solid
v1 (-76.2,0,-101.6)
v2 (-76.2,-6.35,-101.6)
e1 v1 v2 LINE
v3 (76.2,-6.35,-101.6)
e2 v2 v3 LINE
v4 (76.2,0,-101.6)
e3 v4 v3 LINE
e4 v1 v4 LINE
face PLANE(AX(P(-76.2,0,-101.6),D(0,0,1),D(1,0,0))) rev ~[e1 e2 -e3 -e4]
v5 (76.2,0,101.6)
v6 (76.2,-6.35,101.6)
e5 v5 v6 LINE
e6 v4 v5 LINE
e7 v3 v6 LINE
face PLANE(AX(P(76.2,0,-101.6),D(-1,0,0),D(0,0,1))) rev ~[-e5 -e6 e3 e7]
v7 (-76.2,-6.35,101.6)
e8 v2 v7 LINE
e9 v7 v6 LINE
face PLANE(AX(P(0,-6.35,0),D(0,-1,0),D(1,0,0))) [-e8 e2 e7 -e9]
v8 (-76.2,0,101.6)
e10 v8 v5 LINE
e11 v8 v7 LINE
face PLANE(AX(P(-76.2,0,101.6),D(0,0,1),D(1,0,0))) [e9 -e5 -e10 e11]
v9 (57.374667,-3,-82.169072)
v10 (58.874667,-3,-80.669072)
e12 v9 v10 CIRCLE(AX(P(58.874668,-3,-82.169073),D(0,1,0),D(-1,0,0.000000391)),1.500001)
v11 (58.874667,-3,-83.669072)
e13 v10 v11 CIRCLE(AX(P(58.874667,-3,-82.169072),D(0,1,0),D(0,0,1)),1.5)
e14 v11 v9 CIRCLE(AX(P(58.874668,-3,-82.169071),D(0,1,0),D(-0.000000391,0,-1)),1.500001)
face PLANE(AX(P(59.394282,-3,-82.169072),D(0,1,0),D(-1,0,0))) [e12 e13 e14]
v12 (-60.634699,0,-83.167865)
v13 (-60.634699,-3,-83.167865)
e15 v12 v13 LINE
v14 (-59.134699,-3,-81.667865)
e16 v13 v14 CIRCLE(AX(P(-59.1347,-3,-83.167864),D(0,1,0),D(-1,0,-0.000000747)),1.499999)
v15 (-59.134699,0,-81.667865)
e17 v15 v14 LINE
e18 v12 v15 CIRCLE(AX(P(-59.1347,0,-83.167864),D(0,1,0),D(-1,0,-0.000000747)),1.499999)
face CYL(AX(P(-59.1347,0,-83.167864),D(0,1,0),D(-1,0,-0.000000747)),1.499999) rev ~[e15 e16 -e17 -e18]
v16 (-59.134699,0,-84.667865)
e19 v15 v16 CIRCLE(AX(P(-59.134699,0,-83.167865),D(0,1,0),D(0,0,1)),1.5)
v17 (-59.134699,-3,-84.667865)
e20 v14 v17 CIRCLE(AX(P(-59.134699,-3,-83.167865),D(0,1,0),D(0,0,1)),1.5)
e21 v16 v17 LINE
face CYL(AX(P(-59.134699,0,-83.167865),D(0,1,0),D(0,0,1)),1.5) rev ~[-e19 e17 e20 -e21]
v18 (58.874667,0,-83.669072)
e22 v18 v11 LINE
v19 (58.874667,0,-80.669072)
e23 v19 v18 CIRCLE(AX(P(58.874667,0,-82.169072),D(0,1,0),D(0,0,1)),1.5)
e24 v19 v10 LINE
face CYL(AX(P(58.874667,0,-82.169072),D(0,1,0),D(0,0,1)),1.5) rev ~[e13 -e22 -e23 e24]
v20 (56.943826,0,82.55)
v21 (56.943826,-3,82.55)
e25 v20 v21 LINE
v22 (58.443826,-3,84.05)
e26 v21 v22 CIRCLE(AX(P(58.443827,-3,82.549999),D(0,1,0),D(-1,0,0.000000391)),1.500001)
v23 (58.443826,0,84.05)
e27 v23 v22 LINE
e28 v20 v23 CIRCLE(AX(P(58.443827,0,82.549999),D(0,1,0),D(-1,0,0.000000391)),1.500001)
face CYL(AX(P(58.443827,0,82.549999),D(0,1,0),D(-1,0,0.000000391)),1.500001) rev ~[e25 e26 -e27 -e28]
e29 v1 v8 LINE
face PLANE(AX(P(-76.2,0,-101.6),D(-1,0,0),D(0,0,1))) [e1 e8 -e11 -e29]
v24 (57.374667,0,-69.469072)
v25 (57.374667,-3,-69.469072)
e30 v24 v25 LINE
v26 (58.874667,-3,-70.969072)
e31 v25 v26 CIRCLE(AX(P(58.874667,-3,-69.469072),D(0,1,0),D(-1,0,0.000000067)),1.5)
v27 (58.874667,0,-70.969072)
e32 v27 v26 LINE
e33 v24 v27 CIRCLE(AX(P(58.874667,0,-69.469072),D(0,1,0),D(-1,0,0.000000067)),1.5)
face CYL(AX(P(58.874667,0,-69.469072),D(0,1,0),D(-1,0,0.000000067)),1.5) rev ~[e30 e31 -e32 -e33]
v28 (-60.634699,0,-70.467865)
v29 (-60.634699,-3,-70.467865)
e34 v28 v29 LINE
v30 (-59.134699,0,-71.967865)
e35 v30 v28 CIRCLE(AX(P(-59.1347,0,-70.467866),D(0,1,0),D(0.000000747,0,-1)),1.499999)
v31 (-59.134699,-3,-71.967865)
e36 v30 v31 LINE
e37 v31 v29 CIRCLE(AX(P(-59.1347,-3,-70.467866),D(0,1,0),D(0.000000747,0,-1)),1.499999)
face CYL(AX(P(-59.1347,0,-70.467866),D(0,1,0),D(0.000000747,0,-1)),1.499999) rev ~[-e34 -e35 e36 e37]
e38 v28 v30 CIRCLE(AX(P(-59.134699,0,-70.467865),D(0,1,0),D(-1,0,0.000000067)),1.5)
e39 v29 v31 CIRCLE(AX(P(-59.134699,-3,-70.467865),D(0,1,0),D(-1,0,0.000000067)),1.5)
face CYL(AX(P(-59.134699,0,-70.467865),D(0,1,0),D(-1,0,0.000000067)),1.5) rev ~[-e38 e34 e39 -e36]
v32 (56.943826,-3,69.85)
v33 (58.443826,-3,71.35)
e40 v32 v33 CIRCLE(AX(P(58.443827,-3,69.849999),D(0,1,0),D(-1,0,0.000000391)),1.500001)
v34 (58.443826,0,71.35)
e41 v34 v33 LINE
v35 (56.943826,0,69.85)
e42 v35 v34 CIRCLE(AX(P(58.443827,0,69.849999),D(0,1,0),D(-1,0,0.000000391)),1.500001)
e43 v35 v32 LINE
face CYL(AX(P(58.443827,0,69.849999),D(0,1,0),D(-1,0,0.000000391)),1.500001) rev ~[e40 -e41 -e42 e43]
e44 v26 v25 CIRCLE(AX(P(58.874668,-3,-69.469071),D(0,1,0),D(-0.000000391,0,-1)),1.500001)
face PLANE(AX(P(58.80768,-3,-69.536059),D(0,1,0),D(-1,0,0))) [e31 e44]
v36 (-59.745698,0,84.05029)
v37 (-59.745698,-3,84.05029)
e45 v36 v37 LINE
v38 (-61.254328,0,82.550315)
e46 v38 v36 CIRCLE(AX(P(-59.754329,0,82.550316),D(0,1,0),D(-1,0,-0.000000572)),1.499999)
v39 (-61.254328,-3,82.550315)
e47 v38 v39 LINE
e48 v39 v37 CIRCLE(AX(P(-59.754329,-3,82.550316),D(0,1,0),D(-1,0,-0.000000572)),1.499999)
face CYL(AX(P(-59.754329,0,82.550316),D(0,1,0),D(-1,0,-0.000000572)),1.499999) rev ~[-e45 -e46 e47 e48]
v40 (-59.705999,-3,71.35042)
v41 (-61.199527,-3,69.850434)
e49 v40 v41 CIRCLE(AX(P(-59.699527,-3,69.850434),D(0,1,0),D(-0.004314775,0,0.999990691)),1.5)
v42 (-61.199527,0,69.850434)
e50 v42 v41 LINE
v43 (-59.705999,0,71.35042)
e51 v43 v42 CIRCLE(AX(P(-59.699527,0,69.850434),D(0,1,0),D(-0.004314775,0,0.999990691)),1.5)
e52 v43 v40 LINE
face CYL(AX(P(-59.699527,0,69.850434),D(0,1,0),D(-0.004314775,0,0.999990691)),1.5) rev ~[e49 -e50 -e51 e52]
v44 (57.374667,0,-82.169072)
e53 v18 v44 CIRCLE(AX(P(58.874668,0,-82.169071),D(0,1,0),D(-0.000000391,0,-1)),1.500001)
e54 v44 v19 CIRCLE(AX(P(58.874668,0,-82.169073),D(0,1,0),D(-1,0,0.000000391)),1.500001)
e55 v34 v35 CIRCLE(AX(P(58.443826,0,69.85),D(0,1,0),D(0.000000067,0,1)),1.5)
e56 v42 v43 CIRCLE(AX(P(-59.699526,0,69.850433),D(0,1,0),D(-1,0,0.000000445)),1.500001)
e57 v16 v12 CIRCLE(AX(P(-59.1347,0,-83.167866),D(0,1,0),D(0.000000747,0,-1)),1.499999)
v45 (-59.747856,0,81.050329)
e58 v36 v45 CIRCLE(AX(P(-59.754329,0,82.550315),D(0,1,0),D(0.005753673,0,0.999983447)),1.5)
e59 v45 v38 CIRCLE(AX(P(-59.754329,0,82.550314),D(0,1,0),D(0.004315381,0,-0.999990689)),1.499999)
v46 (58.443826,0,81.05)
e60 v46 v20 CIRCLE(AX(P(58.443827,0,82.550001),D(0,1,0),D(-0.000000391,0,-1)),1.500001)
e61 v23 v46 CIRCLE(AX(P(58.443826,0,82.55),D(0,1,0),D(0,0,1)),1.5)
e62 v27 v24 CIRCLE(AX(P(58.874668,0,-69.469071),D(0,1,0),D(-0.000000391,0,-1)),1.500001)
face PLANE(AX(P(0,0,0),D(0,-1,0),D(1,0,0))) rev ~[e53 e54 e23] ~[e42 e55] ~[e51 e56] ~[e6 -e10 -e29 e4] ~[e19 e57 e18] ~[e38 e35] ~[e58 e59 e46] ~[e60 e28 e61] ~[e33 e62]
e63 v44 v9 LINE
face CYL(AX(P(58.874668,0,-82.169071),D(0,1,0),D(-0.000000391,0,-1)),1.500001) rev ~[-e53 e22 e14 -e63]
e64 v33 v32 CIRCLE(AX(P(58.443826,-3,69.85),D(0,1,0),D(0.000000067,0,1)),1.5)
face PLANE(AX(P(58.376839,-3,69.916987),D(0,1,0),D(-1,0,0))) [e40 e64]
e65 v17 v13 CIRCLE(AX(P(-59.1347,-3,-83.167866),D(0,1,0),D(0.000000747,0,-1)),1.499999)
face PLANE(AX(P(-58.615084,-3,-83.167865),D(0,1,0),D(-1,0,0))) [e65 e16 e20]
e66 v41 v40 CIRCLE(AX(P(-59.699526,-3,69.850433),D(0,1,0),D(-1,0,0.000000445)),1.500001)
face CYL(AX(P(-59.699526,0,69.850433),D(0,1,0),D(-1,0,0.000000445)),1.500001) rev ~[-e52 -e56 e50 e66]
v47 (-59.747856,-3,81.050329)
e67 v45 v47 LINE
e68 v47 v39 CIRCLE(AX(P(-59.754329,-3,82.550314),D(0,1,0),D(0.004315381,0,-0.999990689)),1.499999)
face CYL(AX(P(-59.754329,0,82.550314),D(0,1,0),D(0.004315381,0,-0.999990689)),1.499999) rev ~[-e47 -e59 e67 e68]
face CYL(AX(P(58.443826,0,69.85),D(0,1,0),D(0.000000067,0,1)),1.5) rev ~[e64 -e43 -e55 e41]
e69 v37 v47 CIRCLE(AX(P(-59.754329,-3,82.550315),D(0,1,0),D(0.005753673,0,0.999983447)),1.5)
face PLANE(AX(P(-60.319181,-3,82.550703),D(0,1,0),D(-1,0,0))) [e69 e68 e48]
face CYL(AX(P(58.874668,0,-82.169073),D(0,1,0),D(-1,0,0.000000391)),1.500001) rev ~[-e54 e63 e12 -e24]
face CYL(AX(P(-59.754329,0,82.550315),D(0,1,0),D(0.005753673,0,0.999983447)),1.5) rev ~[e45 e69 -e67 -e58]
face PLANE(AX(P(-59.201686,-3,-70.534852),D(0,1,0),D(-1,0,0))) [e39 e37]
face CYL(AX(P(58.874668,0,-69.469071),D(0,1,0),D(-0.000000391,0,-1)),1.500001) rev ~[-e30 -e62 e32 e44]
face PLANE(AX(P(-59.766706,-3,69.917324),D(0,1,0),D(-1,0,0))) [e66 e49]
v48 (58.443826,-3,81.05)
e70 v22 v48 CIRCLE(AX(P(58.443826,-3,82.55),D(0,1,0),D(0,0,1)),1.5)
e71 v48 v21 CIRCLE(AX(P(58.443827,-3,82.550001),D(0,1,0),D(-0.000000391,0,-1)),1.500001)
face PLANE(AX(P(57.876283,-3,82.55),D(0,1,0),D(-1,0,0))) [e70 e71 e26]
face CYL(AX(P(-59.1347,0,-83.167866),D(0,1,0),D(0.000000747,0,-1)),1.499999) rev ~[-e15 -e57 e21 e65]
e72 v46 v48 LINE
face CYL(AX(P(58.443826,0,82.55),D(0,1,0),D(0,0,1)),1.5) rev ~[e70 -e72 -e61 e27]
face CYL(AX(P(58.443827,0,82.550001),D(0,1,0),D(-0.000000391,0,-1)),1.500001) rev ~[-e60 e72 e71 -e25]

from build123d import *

# Parameters (mm, degrees)
F0_W     = 152.4
F0_H     = 203.2
F1_DEPTH = 6.35
F5_DEPTH = 3
F6_DEPTH = 3
F7_DEPTH = 3
F9_DEPTH = 3


with BuildPart() as f1:
    # F0 (on Front) → F1 (new body)
    with BuildSketch(Plane.XZ):
        Rectangle(F0_W, F0_H)
    extrude(amount=F1_DEPTH)

    # F4 (on face) → F5 (cut)
    with BuildSketch(Plane(origin=(0, 0, 0), x_dir=(-1, 0, 0), z_dir=(0, 1, 0))):
        with BuildLine():
            ThreePointArc((-58.874667, -80.669072), (-60.374667, -82.169072), (-58.874667, -83.669072))
            Line((-58.874667, -83.669072), (-58.874667, -82.169072))
            Line((-58.874667, -82.169072), (-58.874667, -80.669072))
        make_face()
        with BuildLine():
            ThreePointArc((-57.374667, -69.469072), (-59.935327, -68.408412), (-58.874667, -70.969072))
            ThreePointArc((-58.874667, -70.969072), (-57.814007, -70.529732), (-57.374667, -69.469072))
        make_face()
        with BuildLine():
            Line((-58.874667, -82.169072), (-58.874667, -83.669072))
            ThreePointArc((-58.874667, -83.669072), (-57.814007, -83.229732), (-57.374667, -82.169072))
            ThreePointArc((-57.374667, -82.169072), (-57.814007, -81.108412), (-58.874667, -80.669072))
            Line((-58.874667, -80.669072), (-58.874667, -82.169072))
        make_face()
    extrude(amount=-F5_DEPTH, mode=Mode.SUBTRACT)

    # F3 (on face) → F6 (cut)
    with BuildSketch(Plane(origin=(0, 0, 0), x_dir=(-1, 0, 0), z_dir=(0, 1, 0))):
        with BuildLine():
            ThreePointArc((59.134699, -81.667865), (57.634699, -83.167865), (59.134699, -84.667865))
            Line((59.134699, -84.667865), (59.134699, -83.167865))
            Line((59.134699, -83.167865), (59.134699, -81.667865))
        make_face()
        with BuildLine():
            ThreePointArc((60.634699, -70.467865), (58.074039, -69.407205), (59.134699, -71.967865))
            ThreePointArc((59.134699, -71.967865), (60.19536, -71.528525), (60.634699, -70.467865))
        make_face()
        with BuildLine():
            Line((59.134699, -83.167865), (59.134699, -84.667865))
            ThreePointArc((59.134699, -84.667865), (60.19536, -84.228525), (60.634699, -83.167865))
            ThreePointArc((60.634699, -83.167865), (60.19536, -82.107205), (59.134699, -81.667865))
            Line((59.134699, -81.667865), (59.134699, -83.167865))
        make_face()
    extrude(amount=-F6_DEPTH, mode=Mode.SUBTRACT)

    # F2 (on face) → F7 (cut)
    with BuildSketch(Plane(origin=(0, 0, 0), x_dir=(-1, 0, 0), z_dir=(0, 1, 0))):
        with BuildLine():
            ThreePointArc((-56.943826, 82.55), (-57.383166, 83.61066), (-58.443826, 84.05))
            Line((-58.443826, 84.05), (-58.443826, 82.55))
            Line((-58.443826, 82.55), (-58.443826, 81.05))
            ThreePointArc((-58.443826, 81.05), (-57.383166, 81.48934), (-56.943826, 82.55))
        make_face()
        with BuildLine():
            ThreePointArc((-56.943826, 69.85), (-57.383166, 70.91066), (-58.443826, 71.35))
            ThreePointArc((-58.443826, 71.35), (-59.504486, 68.78934), (-56.943826, 69.85))
        make_face()
        with BuildLine():
            Line((-58.443826, 82.55), (-58.443826, 84.05))
            ThreePointArc((-58.443826, 84.05), (-59.943826, 82.55), (-58.443826, 81.05))
            Line((-58.443826, 81.05), (-58.443826, 82.55))
        make_face()
    extrude(amount=-F7_DEPTH, mode=Mode.SUBTRACT)

    # F8 (on face) → F9 (cut)
    with BuildSketch(Plane(origin=(0, 0, 0), x_dir=(-1, 0, 0), z_dir=(0, 1, 0))):
        with BuildLine():
            ThreePointArc((61.254328, 82.550315), (60.811933, 83.614022), (59.745698, 84.05029))
            Line((59.745698, 84.05029), (59.754328, 82.550315))
            Line((59.754328, 82.550315), (59.747856, 81.050329))
            ThreePointArc((59.747856, 81.050329), (60.812698, 81.487369), (61.254328, 82.550315))
        make_face()
        with BuildLine():
            ThreePointArc((61.199527, 69.850434), (60.762473, 70.908803), (59.705999, 71.35042))
            ThreePointArc((59.705999, 71.35042), (58.636581, 68.792064), (61.199527, 69.850434))
        make_face()
        with BuildLine():
            Line((59.754328, 82.550315), (59.745698, 84.05029))
            ThreePointArc((59.745698, 84.05029), (58.254329, 82.549237), (59.747856, 81.050329))
            Line((59.747856, 81.050329), (59.754328, 82.550315))
        make_face()
    extrude(amount=-F9_DEPTH, mode=Mode.SUBTRACT)


solid = f1.part
